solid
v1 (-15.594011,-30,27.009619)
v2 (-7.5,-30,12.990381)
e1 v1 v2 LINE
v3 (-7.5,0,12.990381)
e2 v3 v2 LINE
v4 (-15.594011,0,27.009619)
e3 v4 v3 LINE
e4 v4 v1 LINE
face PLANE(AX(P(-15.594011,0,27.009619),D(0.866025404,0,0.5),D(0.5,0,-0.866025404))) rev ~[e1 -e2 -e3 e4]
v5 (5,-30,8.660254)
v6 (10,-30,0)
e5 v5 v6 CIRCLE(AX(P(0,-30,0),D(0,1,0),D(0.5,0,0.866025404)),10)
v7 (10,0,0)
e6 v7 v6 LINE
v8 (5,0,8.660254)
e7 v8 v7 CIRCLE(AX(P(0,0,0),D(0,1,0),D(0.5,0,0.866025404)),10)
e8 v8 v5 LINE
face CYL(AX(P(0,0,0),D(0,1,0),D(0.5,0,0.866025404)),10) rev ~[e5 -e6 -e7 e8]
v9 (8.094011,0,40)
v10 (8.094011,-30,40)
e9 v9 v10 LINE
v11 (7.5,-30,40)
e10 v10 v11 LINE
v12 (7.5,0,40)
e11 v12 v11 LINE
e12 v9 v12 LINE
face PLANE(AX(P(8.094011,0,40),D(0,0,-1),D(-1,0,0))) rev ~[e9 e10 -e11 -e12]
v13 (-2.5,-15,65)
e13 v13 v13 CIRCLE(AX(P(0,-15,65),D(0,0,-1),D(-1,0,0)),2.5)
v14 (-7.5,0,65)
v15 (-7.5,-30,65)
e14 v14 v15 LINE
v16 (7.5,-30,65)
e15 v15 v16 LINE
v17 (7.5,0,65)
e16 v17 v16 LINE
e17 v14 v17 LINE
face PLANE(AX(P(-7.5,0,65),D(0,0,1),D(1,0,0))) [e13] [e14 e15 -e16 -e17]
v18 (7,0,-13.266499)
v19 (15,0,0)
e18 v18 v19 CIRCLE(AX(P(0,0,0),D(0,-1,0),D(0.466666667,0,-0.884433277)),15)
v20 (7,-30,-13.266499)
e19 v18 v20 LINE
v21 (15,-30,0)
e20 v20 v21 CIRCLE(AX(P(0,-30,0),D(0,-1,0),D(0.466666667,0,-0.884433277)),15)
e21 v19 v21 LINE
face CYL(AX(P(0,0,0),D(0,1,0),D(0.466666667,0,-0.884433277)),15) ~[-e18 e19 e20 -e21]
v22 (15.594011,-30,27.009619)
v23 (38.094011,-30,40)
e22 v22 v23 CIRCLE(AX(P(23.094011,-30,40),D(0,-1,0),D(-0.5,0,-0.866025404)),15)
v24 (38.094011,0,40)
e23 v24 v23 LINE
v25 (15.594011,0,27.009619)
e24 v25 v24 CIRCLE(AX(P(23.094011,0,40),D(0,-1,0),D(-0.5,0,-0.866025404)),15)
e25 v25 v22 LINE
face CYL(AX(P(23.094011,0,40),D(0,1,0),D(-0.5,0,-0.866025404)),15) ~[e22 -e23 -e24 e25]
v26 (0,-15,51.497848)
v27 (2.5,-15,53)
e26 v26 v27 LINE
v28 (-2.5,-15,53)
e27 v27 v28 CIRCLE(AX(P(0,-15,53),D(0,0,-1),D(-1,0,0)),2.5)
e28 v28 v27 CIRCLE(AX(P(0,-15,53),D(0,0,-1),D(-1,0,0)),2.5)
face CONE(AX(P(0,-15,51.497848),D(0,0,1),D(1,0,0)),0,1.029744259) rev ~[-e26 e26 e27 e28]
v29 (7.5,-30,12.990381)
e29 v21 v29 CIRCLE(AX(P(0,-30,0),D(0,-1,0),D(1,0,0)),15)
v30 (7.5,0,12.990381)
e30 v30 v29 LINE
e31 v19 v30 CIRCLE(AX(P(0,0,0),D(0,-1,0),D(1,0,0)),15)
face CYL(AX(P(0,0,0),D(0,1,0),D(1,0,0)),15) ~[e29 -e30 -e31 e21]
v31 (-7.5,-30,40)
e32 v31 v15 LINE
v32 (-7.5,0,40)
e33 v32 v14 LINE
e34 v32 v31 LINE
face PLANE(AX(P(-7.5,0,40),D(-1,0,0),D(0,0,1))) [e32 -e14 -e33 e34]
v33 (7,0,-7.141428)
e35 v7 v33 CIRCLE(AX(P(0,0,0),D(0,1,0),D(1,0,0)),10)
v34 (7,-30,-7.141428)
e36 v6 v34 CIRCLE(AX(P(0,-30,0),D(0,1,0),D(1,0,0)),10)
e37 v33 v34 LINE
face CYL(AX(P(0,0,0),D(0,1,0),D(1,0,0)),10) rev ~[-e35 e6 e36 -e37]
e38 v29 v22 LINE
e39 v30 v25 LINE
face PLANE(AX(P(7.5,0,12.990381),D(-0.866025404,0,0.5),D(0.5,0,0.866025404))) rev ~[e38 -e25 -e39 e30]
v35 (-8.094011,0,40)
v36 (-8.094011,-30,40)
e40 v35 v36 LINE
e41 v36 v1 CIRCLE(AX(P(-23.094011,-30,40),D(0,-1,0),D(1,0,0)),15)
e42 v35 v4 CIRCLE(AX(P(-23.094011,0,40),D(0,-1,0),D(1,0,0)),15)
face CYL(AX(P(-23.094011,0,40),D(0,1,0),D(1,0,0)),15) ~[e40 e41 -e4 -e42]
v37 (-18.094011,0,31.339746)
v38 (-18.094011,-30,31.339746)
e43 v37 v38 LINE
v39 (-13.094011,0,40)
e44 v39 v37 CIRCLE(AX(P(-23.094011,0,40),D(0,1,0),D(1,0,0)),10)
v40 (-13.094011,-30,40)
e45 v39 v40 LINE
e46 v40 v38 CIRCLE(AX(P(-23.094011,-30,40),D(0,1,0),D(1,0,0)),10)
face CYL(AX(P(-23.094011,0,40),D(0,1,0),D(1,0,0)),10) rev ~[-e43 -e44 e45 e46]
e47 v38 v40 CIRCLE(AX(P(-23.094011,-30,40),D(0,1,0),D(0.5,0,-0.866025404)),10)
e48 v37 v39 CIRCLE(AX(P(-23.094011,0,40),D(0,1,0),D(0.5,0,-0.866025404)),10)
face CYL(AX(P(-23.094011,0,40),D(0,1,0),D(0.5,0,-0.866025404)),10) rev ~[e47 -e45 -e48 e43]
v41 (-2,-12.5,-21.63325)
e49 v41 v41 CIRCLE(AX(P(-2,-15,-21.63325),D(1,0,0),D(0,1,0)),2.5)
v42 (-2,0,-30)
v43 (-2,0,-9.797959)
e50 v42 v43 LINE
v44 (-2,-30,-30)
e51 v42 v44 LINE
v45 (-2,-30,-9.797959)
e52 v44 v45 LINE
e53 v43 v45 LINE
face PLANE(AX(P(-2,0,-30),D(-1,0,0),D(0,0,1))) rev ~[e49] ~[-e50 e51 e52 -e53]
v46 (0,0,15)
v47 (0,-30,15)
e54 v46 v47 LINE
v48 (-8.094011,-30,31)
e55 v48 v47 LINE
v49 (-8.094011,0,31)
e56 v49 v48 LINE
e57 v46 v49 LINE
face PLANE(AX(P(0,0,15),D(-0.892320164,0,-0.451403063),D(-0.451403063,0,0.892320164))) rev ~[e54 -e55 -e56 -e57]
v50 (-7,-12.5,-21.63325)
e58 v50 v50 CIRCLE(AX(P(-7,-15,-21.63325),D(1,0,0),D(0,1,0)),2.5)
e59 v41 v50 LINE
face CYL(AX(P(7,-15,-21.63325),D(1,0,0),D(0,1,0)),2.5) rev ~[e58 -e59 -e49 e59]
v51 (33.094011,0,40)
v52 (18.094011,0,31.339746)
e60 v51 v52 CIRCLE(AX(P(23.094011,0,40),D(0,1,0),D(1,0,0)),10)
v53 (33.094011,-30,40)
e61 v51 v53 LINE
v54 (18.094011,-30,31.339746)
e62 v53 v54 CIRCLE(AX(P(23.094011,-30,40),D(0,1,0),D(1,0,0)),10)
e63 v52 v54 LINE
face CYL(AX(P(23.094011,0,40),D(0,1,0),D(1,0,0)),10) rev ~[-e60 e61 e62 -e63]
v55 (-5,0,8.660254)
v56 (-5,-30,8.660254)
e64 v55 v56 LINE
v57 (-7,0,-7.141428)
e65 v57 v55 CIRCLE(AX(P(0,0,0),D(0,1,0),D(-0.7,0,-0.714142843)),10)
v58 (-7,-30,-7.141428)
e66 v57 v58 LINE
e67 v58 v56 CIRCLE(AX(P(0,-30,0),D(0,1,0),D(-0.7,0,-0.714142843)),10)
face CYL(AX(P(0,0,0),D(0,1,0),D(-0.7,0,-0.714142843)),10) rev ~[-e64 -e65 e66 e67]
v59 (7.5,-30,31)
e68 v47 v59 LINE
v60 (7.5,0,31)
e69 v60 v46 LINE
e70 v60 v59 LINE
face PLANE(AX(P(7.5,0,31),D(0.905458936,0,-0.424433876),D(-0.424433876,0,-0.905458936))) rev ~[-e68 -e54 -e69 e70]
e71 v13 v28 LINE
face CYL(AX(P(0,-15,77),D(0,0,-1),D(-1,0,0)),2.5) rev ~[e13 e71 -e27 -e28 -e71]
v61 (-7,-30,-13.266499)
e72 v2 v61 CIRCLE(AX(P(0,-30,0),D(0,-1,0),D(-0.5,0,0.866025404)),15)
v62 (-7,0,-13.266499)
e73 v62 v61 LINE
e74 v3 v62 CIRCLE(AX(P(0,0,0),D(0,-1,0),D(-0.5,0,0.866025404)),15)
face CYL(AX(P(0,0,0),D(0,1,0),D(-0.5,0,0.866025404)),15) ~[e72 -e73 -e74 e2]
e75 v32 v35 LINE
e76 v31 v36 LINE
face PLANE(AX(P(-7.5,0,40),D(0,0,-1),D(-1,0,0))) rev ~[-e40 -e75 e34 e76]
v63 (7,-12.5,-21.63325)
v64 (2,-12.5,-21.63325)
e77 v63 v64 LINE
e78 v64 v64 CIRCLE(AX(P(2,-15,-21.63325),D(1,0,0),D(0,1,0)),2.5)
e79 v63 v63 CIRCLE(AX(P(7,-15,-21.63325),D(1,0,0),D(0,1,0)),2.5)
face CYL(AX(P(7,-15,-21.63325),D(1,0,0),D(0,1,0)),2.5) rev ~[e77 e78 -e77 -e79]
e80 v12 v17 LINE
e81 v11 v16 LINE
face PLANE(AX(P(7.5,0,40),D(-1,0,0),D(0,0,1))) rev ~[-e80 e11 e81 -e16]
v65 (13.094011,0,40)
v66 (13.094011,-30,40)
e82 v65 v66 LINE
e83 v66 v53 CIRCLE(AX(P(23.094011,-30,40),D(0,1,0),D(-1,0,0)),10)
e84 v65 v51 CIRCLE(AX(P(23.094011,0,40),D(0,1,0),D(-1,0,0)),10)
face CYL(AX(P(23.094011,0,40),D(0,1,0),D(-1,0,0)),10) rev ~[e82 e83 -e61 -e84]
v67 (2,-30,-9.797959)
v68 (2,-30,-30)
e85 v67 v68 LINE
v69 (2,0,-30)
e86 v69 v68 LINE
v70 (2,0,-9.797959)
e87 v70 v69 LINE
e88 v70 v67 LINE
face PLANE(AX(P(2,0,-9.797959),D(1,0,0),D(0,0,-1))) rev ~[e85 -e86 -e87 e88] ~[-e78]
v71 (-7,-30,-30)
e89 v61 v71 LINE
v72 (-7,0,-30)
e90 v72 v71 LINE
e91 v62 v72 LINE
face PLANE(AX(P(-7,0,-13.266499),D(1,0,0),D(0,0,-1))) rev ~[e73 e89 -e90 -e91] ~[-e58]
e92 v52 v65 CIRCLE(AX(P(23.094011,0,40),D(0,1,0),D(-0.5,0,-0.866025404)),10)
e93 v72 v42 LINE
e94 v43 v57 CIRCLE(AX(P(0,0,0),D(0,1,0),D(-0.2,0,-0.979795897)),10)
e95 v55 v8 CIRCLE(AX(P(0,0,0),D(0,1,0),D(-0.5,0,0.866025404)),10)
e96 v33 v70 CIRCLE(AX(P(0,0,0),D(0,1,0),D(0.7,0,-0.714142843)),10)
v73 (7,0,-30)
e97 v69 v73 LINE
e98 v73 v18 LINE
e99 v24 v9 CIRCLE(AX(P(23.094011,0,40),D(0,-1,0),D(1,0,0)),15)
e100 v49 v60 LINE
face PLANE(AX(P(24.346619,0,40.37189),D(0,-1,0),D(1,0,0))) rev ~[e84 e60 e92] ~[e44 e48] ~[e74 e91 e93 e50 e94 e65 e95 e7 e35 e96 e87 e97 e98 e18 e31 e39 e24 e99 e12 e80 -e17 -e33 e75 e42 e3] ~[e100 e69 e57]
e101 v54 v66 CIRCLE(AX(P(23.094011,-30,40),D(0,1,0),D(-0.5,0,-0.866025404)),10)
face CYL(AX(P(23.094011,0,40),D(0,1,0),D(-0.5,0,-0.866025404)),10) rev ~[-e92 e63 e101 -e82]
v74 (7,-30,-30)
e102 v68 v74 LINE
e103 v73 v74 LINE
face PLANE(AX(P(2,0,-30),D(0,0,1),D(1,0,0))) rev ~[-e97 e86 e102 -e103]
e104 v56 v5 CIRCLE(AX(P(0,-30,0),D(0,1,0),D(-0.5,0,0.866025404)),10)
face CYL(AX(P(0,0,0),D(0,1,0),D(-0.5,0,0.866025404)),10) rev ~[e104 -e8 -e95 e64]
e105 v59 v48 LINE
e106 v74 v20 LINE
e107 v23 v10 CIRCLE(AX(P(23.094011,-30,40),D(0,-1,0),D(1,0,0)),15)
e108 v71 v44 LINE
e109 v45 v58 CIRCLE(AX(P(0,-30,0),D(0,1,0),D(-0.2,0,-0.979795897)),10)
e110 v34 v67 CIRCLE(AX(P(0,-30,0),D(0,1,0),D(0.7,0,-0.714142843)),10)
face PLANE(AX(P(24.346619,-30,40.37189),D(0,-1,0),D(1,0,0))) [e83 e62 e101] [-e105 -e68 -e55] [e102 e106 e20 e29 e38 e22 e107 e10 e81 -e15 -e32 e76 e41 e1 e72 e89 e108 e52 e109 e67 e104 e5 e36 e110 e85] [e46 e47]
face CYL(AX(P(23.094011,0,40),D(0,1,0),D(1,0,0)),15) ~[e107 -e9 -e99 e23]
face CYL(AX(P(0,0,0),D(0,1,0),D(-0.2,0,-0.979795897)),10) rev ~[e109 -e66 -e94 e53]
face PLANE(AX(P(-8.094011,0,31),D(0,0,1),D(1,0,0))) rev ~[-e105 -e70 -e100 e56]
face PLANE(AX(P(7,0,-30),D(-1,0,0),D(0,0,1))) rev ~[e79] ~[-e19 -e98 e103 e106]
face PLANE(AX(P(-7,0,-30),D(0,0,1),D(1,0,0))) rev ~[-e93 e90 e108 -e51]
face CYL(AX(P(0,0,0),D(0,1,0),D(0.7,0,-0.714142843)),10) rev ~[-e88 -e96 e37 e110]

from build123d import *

# Parameters (mm, degrees)
F0_W     = 15
F0_H     = 25
F1_DEPTH = 30
F3_D     = 5
F3_DEPTH = 12
F3_TIP   = 1.5021515476
F4_R     = 2.5
F5_DEPTH = 25
F7_DEPTH = 40


with BuildPart() as f1:
    # F0 (on Front) → F1 (new body)
    with BuildSketch(Plane.XZ):
        with BuildLine():
            Line((18.0940107676, 31.3397459622), (15.5940107676, 27.0096189432))
            ThreePointArc((15.5940107676, 27.0096189432), (30.5940107676, 27.0096189432), (38.0940107676, 40))
            ThreePointArc((38.0940107676, 40), (23.0940107676, 55), (8.0940107676, 40))
            Line((8.0940107676, 40), (13.0940107676, 40))
            ThreePointArc((13.0940107676, 40), (23.0940107676, 50), (33.0940107676, 40))
            ThreePointArc((33.0940107676, 40), (28.0940107676, 31.3397459622), (18.0940107676, 31.3397459622))
        make_face()
        with BuildLine():
            ThreePointArc((-8.0940107676, 40), (-36.0843918244, 47.5), (-15.5940107676, 27.0096189432))
            Line((-15.5940107676, 27.0096189432), (-18.0940107676, 31.3397459622))
            ThreePointArc((-18.0940107676, 31.3397459622), (-31.7542648054, 45), (-13.0940107676, 40))
            Line((-13.0940107676, 40), (-8.0940107676, 40))
        make_face()
        with BuildLine():
            ThreePointArc((-2, -14.8660687473), (-4.5705202893, -14.2867191575), (-7, -13.2664991614))
            Line((-7, -13.2664991614), (-7, -30))
            Line((-7, -30), (-2, -30))
            Line((-2, -30), (-2, -14.8660687473))
        make_face()
        with BuildLine():
            Line((7, -30), (7, -13.2664991614))
            ThreePointArc((7, -13.2664991614), (4.5705202893, -14.2867191575), (2, -14.8660687473))
            Line((2, -14.8660687473), (2, -30))
            Line((2, -30), (7, -30))
        make_face()
        with BuildLine():
            ThreePointArc((-7, -7.1414284285), (-9.9208513844, 1.2556702624), (-5, 8.6602540378))
            Line((-5, 8.6602540378), (-7.5, 12.9903810568))
            ThreePointArc((-7.5, 12.9903810568), (-14.9972810769, -0.2855876432), (-7, -13.2664991614))
            Line((-7, -13.2664991614), (-7, -7.1414284285))
        make_face()
        with BuildLine():
            ThreePointArc((5, 8.6602540378), (8.6602540378, 5), (10, 0))
            ThreePointArc((10, 0), (9.2195444573, -3.8729833462), (7, -7.1414284285))
            Line((7, -7.1414284285), (7, -13.2664991614))
            ThreePointArc((7, -13.2664991614), (12.8452325787, -7.7459666924), (15, 0))
            ThreePointArc((15, 0), (12.9903810568, 7.5), (7.5, 12.9903810568))
            Line((7.5, 12.9903810568), (5, 8.6602540378))
        make_face()
        with BuildLine():
            ThreePointArc((8.0940107676, 40), (10.1036297108, 32.5), (15.5940107676, 27.0096189432))
            Line((15.5940107676, 27.0096189432), (18.0940107676, 31.3397459622))
            ThreePointArc((18.0940107676, 31.3397459622), (14.4337567297, 35), (13.0940107676, 40))
            Line((13.0940107676, 40), (8.0940107676, 40))
        make_face()
        with BuildLine():
            Line((-18.0940107676, 31.3397459622), (-15.5940107676, 27.0096189432))
            ThreePointArc((-15.5940107676, 27.0096189432), (-10.1036297108, 32.5), (-8.0940107676, 40))
            Line((-8.0940107676, 40), (-13.0940107676, 40))
            ThreePointArc((-13.0940107676, 40), (-14.4337567297, 35), (-18.0940107676, 31.3397459622))
        make_face()
        with BuildLine():
            Line((-15.5940107676, 27.0096189432), (-7.5, 12.9903810568))
            ThreePointArc((-7.5, 12.9903810568), (-3.8822856765, 14.4888873943), (0, 15))
            Line((0, 15), (-7.5, 15))
            Line((-7.5, 15), (-7.5, 40))
            Line((-7.5, 40), (-8.0940107676, 40))
            ThreePointArc((-8.0940107676, 40), (-10.1036297108, 32.5), (-15.5940107676, 27.0096189432))
        make_face()
        with BuildLine():
            ThreePointArc((-5, 8.6602540378), (0, 10), (5, 8.6602540378))
            Line((5, 8.6602540378), (7.5, 12.9903810568))
            ThreePointArc((7.5, 12.9903810568), (3.8822856765, 14.4888873943), (0, 15))
            ThreePointArc((0, 15), (-3.8822856765, 14.4888873943), (-7.5, 12.9903810568))
            Line((-7.5, 12.9903810568), (-5, 8.6602540378))
        make_face()
        with BuildLine():
            ThreePointArc((-2, -9.7979589711), (-4.6919386858, -8.8309518948), (-7, -7.1414284285))
            Line((-7, -7.1414284285), (-7, -13.2664991614))
            ThreePointArc((-7, -13.2664991614), (-4.5705202893, -14.2867191575), (-2, -14.8660687473))
            Line((-2, -14.8660687473), (-2, -9.7979589711))
        make_face()
        with BuildLine():
            Line((7, -13.2664991614), (7, -7.1414284285))
            ThreePointArc((7, -7.1414284285), (4.6919386858, -8.8309518948), (2, -9.7979589711))
            Line((2, -9.7979589711), (2, -14.8660687473))
            ThreePointArc((2, -14.8660687473), (4.5705202893, -14.2867191575), (7, -13.2664991614))
        make_face()
        Polygon((-7.5, 15), (0, 15), (7.5, 15), (7.5, 40), (-7.5, 40), align=None)
        with Locations((0, 52.5)):
            Rectangle(F0_W, F0_H)
        with BuildLine():
            ThreePointArc((0, 15), (3.8822856765, 14.4888873943), (7.5, 12.9903810568))
            Line((7.5, 12.9903810568), (15.5940107676, 27.0096189432))
            ThreePointArc((15.5940107676, 27.0096189432), (10.1036297108, 32.5), (8.0940107676, 40))
            Line((8.0940107676, 40), (7.5, 40))
            Line((7.5, 40), (7.5, 15))
            Line((7.5, 15), (0, 15))
        make_face()
    extrude(amount=F1_DEPTH)

    # F3
    with Locations(Plane.XY.offset(65)):
        with Locations((0, -15)):
            Hole(F3_D / 2, depth=F3_DEPTH)
            with Locations((0, 0, -(F3_DEPTH + F3_TIP / 2))):  # 118° drill point
                Cone(0, F3_D / 2, F3_TIP, mode=Mode.SUBTRACT)

    # F4 (on face) → F5 (cut)
    with BuildSketch(Plane.YZ.offset(7)):
        with Locations((-15, -21.6332495807)):
            Circle(F4_R)
    extrude(amount=-F5_DEPTH, mode=Mode.SUBTRACT)

    # F6 (on face) → F7 (cut)
    with BuildSketch(Plane(origin=(0, 0, 0), x_dir=(-1, 0, 0), z_dir=(0, 1, 0))):
        Polygon((-7.5, 31), (0, 15), (8.0940107676, 31), align=None)
    extrude(amount=-F7_DEPTH, mode=Mode.SUBTRACT)


solid = f1.part
